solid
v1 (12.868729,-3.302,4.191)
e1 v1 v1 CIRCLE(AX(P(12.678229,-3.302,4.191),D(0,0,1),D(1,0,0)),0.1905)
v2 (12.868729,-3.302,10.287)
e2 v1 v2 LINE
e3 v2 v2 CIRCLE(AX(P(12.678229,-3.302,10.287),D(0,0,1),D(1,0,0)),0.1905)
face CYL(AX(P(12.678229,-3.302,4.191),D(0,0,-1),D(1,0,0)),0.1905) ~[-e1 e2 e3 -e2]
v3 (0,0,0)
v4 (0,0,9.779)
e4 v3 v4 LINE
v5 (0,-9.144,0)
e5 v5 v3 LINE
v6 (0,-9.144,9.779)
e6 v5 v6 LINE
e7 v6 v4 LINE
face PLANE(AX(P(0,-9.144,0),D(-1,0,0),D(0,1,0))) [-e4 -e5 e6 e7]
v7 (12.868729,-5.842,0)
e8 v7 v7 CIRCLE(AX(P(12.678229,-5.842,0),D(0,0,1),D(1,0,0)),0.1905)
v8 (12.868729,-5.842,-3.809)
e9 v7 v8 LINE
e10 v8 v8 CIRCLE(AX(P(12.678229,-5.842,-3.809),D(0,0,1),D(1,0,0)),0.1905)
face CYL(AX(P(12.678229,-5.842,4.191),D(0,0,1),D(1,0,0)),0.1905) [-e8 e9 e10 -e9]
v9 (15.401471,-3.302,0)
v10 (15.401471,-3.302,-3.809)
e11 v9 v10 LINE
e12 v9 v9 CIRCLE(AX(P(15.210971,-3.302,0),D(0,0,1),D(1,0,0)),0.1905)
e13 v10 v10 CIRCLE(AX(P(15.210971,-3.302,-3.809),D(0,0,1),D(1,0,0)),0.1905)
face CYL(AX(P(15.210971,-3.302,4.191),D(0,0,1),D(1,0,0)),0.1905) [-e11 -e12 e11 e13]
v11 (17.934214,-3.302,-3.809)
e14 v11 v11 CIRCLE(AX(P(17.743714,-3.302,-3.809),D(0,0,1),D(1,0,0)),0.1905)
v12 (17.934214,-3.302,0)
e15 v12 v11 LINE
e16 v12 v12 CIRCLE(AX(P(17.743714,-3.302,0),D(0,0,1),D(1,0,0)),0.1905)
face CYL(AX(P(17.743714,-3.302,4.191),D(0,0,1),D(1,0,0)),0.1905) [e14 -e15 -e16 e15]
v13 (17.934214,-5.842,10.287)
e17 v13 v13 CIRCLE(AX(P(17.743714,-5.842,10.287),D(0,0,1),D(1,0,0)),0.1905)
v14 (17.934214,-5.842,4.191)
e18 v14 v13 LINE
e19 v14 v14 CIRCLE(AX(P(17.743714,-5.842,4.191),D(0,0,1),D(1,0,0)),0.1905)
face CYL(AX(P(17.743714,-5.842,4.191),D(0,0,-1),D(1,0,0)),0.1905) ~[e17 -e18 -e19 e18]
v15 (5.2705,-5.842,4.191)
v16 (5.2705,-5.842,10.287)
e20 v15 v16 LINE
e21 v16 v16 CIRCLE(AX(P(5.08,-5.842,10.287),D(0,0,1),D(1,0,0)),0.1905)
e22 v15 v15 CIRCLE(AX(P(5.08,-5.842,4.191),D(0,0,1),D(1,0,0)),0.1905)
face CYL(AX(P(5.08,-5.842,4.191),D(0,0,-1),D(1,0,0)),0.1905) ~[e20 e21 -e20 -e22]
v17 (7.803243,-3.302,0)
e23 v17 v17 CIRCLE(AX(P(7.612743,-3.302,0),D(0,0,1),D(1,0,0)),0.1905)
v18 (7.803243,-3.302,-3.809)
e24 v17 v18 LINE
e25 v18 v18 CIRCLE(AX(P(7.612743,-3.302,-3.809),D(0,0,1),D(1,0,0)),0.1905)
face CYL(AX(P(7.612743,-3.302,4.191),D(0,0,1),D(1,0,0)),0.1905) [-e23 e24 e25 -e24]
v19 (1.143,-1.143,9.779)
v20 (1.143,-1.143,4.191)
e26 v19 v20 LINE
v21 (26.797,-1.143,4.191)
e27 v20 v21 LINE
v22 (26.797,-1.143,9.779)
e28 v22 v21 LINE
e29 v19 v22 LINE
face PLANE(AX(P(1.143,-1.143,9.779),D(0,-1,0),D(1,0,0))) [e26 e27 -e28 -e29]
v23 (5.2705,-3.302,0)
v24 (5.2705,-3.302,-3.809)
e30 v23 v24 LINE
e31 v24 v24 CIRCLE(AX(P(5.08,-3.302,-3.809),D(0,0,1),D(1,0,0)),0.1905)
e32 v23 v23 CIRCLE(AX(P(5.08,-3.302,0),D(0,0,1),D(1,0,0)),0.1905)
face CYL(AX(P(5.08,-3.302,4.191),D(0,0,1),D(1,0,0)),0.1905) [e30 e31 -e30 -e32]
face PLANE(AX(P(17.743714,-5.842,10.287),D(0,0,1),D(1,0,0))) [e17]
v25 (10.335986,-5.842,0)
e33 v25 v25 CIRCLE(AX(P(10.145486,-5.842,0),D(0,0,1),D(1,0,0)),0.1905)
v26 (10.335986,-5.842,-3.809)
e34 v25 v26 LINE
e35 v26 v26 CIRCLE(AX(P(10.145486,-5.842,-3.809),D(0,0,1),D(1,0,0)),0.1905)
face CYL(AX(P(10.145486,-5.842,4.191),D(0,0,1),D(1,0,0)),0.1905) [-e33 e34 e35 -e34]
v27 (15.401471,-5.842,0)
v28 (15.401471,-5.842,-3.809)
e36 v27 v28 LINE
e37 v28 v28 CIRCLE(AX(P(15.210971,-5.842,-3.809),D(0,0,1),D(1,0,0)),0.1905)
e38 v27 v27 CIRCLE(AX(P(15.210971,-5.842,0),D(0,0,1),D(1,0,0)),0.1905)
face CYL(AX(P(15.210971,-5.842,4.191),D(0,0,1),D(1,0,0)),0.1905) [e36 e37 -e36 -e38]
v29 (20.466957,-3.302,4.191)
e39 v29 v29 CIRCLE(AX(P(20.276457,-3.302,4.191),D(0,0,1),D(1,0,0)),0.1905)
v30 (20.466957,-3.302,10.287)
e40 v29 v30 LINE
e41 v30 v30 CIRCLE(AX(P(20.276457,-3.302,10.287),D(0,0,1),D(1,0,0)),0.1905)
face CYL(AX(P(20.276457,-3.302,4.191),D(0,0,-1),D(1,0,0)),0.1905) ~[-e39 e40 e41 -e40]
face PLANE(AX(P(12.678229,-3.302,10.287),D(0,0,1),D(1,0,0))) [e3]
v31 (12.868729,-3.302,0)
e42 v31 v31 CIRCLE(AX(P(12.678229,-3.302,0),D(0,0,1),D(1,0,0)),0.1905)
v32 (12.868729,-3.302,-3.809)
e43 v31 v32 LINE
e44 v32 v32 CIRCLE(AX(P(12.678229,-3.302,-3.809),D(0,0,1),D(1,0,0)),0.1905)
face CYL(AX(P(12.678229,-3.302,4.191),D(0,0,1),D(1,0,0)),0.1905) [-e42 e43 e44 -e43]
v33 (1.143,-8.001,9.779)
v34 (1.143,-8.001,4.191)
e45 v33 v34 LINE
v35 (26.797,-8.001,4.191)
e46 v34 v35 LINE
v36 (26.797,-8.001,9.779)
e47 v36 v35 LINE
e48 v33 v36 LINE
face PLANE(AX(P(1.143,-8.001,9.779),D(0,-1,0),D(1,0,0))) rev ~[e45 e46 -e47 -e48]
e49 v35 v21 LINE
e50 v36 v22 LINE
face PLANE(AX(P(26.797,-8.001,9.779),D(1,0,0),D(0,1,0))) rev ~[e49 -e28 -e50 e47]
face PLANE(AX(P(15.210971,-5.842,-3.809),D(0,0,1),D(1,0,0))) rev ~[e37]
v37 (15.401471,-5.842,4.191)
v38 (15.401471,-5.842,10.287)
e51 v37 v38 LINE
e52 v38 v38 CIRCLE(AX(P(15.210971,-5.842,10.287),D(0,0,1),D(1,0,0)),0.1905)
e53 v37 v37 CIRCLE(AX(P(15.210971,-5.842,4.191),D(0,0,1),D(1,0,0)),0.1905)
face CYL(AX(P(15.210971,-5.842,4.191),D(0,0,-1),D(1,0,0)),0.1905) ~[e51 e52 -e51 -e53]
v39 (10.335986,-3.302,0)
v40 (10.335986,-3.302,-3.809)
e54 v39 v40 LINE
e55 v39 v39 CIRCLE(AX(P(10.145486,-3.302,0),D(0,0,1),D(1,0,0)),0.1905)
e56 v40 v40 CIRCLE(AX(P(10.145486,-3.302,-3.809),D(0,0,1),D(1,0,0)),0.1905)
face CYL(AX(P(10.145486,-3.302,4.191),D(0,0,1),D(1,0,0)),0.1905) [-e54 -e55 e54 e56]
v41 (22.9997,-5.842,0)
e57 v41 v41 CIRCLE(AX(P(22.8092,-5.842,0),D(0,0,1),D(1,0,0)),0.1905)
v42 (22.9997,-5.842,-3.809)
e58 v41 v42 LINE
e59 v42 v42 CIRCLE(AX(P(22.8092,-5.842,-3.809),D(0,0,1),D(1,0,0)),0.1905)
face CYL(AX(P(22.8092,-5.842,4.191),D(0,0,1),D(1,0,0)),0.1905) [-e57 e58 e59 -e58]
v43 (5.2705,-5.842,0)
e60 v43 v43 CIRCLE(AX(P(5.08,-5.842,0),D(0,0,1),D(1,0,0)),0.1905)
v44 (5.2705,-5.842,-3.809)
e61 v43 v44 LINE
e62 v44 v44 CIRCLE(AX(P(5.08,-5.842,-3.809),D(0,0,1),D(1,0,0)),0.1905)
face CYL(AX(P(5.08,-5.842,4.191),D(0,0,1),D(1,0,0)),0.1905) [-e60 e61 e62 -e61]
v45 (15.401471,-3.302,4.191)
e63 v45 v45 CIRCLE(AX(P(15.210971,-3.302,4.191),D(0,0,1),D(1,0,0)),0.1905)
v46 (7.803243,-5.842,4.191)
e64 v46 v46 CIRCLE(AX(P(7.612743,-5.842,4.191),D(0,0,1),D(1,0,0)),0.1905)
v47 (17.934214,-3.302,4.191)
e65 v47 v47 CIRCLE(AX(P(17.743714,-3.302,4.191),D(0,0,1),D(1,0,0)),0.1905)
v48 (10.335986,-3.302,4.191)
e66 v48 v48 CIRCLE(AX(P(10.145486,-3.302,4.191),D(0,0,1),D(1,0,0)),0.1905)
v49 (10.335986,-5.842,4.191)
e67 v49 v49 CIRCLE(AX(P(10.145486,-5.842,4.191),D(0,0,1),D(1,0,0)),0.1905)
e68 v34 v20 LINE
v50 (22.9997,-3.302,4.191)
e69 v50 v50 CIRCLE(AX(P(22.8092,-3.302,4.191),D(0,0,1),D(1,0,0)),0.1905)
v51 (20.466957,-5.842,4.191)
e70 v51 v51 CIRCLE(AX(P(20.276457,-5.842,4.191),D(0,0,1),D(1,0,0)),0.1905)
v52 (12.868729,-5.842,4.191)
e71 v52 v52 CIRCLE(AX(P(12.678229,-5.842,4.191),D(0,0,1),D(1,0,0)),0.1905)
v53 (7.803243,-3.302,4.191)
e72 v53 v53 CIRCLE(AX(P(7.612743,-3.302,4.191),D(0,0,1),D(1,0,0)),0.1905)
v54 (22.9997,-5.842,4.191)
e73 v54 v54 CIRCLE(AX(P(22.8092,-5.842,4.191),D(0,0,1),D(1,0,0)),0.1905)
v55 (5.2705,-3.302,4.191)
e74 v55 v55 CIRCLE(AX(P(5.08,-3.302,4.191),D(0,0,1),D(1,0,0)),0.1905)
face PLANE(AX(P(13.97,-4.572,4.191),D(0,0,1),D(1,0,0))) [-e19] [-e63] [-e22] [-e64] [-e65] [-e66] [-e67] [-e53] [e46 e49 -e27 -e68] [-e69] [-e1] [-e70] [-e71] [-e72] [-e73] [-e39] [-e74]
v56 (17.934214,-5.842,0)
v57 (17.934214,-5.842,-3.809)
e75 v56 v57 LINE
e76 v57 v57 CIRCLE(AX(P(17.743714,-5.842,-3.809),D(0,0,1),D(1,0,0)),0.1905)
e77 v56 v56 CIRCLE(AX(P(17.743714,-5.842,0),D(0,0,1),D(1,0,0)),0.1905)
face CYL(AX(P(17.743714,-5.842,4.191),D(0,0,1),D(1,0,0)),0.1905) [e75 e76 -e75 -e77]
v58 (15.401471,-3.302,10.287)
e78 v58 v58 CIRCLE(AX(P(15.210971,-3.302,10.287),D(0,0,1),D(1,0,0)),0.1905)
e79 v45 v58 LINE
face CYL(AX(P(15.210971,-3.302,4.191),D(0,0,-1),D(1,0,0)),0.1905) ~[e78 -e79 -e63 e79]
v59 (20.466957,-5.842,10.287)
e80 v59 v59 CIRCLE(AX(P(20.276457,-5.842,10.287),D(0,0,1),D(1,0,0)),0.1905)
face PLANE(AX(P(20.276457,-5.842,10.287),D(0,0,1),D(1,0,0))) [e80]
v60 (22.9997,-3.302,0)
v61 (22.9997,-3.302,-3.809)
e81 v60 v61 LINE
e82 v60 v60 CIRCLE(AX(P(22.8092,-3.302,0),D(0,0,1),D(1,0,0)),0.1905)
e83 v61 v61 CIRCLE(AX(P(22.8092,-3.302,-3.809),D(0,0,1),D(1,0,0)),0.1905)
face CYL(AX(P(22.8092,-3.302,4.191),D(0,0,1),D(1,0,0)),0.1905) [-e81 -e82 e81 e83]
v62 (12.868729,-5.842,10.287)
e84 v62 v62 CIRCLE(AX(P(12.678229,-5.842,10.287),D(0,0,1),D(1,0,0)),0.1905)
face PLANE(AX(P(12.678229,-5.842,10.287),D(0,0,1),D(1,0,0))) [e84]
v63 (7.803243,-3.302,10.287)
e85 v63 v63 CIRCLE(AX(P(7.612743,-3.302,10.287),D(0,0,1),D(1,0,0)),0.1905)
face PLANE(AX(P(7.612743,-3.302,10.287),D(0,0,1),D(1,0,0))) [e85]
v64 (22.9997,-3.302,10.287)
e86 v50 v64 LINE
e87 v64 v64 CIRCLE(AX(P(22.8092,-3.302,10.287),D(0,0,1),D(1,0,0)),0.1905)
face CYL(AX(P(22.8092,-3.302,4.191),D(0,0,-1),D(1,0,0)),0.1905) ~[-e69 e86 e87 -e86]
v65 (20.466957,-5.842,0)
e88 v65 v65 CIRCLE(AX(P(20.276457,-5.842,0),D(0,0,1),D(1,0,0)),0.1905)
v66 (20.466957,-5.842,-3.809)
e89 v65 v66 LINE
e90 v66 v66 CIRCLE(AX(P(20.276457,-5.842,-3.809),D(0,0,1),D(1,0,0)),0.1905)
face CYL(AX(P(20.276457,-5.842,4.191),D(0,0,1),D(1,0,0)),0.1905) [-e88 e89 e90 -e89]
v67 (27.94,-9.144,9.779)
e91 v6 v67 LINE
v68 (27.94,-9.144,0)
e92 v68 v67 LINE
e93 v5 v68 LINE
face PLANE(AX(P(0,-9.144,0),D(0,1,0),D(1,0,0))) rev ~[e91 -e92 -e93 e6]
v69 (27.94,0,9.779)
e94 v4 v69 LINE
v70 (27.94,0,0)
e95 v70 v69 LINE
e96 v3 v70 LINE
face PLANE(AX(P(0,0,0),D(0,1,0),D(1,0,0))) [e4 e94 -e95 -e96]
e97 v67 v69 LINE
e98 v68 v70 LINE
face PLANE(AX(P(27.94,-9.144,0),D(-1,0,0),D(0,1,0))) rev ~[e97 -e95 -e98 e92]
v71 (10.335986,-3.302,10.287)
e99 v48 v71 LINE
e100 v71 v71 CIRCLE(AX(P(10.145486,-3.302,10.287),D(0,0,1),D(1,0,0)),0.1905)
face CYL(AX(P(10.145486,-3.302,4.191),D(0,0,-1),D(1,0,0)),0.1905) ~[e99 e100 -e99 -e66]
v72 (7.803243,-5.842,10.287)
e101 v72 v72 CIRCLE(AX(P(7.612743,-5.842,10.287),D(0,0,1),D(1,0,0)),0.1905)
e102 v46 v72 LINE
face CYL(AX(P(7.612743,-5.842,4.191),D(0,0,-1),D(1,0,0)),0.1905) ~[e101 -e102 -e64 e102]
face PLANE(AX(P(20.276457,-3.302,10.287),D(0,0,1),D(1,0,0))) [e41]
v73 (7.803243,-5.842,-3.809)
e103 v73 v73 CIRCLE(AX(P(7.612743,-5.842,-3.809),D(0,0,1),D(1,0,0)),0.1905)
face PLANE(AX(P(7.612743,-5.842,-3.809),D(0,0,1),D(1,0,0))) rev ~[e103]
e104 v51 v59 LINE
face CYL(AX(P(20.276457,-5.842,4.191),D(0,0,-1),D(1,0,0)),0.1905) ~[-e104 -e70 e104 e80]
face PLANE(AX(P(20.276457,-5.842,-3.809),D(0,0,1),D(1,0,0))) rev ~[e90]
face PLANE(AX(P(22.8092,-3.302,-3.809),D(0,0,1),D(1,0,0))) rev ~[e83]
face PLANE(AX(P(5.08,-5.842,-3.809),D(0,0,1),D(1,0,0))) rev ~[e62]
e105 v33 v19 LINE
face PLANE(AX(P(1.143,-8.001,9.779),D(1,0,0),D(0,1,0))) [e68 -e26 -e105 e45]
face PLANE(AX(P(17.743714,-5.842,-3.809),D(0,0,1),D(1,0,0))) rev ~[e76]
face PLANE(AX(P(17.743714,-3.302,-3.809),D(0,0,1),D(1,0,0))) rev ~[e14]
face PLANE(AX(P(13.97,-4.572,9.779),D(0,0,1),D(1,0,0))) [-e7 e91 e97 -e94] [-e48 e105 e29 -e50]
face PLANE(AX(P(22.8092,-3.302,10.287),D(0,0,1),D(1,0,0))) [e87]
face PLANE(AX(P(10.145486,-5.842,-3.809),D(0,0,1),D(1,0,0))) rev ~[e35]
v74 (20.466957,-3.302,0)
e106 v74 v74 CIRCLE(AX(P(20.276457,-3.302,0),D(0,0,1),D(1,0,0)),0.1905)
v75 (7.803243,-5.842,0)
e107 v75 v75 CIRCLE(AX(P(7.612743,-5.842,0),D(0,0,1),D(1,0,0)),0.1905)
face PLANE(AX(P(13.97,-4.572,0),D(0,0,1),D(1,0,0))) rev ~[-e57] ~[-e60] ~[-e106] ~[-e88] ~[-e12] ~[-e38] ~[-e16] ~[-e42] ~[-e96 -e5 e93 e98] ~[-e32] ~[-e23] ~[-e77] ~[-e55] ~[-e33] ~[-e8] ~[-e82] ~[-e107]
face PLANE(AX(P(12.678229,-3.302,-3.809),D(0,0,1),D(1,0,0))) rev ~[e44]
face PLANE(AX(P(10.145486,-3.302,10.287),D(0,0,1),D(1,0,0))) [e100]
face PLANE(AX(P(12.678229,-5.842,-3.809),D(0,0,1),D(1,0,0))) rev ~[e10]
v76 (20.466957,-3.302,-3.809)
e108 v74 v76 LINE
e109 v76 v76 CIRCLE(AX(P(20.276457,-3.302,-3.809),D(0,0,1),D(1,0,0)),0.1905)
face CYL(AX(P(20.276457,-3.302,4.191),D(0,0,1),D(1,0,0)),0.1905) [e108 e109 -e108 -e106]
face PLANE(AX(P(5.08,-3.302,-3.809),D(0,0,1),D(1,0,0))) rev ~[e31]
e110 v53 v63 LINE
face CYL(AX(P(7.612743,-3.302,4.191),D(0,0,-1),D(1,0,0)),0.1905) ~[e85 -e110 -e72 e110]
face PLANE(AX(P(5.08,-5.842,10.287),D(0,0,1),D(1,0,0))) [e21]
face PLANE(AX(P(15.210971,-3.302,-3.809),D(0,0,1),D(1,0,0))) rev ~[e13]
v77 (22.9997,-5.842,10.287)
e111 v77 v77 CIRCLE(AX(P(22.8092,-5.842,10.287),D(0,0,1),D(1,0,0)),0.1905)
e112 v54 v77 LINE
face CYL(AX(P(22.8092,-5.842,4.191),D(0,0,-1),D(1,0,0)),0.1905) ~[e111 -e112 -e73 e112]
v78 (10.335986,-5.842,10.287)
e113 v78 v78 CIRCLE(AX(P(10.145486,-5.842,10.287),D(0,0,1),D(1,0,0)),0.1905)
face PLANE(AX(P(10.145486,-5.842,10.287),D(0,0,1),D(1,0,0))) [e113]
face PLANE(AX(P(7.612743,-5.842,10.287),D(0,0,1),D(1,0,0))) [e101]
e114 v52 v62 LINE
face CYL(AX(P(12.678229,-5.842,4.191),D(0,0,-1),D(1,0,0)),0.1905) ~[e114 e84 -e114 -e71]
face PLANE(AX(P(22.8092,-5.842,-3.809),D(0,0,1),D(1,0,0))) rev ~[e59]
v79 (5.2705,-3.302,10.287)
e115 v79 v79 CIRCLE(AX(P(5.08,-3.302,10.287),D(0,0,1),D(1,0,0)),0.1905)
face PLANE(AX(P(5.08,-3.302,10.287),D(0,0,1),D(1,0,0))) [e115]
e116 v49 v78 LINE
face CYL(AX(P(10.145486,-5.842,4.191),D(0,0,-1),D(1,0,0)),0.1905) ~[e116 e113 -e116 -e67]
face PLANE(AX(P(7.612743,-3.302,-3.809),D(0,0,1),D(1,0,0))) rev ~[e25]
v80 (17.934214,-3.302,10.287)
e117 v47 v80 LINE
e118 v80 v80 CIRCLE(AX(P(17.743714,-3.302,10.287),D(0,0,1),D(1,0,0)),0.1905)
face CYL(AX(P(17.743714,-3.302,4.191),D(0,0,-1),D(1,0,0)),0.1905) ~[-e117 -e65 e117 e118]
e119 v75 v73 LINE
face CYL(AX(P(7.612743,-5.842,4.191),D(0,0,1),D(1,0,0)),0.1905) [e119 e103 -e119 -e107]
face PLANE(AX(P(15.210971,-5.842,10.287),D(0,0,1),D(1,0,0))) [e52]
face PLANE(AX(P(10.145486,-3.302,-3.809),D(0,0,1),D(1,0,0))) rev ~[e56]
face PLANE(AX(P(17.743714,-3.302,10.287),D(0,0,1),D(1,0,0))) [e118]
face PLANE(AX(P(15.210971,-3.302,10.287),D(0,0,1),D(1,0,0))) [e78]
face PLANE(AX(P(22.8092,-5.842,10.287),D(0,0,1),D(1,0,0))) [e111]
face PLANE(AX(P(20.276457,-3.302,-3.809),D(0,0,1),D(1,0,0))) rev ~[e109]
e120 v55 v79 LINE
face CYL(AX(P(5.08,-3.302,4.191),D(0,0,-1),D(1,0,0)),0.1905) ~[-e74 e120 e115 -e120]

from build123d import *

# Parameters (mm, degrees)
SKETCH1_W           = 27.94
SKETCH1_H           = 9.144
EXTRUDE1_DEPTH      = 9.779
SKETCH2_W           = 25.654
SKETCH2_H           = 6.858
CUT_EXTRUDE1_DEPTH  = 5.588
EXTRUDE3_DEPTH      = 6.096
EXTRUDE3_DEPTH_BACK = 8
SKETCH4_R           = 0.1905


with BuildPart() as part:
    # Sketch1 → Extrude1 (new body)
    with BuildSketch(Plane.XY):
        with Locations((13.97, -4.572)):
            Rectangle(SKETCH1_W, SKETCH1_H)
    extrude(amount=EXTRUDE1_DEPTH)

    # Sketch2 → Cut-Extrude1 (cut)
    with BuildSketch(Plane.XY.offset(9.779)):
        with Locations((13.97, -4.572)):
            Rectangle(SKETCH2_W, SKETCH2_H)
    extrude(amount=-CUT_EXTRUDE1_DEPTH, mode=Mode.SUBTRACT)

    # Sketch4 → Extrude3 (add, two sides: drawn at the far end of the back side and taken through both)
    with BuildSketch(Plane.XY.offset(4.191).offset(-EXTRUDE3_DEPTH_BACK)):
        with Locations((5.08, -5.842)):
            Circle(SKETCH4_R)
        with Locations((7.612742857, -5.842)):
            Circle(SKETCH4_R)
        with Locations((10.145485714, -5.842)):
            Circle(SKETCH4_R)
        with Locations((12.678228571, -5.842)):
            Circle(SKETCH4_R)
        with Locations((15.210971429, -5.842)):
            Circle(SKETCH4_R)
        with Locations((17.743714286, -5.842)):
            Circle(SKETCH4_R)
        with Locations((20.276457143, -5.842)):
            Circle(SKETCH4_R)
        with Locations((22.8092, -5.842)):
            Circle(SKETCH4_R)
        with Locations((5.08, -3.302)):
            Circle(SKETCH4_R)
        with Locations((7.612742857, -3.302)):
            Circle(SKETCH4_R)
        with Locations((10.145485714, -3.302)):
            Circle(SKETCH4_R)
        with Locations((12.678228571, -3.302)):
            Circle(SKETCH4_R)
        with Locations((15.210971429, -3.302)):
            Circle(SKETCH4_R)
        with Locations((17.743714286, -3.302)):
            Circle(SKETCH4_R)
        with Locations((20.276457143, -3.302)):
            Circle(SKETCH4_R)
        with Locations((22.8092, -3.302)):
            Circle(SKETCH4_R)
    extrude(amount=EXTRUDE3_DEPTH + EXTRUDE3_DEPTH_BACK)


solid = part.part
